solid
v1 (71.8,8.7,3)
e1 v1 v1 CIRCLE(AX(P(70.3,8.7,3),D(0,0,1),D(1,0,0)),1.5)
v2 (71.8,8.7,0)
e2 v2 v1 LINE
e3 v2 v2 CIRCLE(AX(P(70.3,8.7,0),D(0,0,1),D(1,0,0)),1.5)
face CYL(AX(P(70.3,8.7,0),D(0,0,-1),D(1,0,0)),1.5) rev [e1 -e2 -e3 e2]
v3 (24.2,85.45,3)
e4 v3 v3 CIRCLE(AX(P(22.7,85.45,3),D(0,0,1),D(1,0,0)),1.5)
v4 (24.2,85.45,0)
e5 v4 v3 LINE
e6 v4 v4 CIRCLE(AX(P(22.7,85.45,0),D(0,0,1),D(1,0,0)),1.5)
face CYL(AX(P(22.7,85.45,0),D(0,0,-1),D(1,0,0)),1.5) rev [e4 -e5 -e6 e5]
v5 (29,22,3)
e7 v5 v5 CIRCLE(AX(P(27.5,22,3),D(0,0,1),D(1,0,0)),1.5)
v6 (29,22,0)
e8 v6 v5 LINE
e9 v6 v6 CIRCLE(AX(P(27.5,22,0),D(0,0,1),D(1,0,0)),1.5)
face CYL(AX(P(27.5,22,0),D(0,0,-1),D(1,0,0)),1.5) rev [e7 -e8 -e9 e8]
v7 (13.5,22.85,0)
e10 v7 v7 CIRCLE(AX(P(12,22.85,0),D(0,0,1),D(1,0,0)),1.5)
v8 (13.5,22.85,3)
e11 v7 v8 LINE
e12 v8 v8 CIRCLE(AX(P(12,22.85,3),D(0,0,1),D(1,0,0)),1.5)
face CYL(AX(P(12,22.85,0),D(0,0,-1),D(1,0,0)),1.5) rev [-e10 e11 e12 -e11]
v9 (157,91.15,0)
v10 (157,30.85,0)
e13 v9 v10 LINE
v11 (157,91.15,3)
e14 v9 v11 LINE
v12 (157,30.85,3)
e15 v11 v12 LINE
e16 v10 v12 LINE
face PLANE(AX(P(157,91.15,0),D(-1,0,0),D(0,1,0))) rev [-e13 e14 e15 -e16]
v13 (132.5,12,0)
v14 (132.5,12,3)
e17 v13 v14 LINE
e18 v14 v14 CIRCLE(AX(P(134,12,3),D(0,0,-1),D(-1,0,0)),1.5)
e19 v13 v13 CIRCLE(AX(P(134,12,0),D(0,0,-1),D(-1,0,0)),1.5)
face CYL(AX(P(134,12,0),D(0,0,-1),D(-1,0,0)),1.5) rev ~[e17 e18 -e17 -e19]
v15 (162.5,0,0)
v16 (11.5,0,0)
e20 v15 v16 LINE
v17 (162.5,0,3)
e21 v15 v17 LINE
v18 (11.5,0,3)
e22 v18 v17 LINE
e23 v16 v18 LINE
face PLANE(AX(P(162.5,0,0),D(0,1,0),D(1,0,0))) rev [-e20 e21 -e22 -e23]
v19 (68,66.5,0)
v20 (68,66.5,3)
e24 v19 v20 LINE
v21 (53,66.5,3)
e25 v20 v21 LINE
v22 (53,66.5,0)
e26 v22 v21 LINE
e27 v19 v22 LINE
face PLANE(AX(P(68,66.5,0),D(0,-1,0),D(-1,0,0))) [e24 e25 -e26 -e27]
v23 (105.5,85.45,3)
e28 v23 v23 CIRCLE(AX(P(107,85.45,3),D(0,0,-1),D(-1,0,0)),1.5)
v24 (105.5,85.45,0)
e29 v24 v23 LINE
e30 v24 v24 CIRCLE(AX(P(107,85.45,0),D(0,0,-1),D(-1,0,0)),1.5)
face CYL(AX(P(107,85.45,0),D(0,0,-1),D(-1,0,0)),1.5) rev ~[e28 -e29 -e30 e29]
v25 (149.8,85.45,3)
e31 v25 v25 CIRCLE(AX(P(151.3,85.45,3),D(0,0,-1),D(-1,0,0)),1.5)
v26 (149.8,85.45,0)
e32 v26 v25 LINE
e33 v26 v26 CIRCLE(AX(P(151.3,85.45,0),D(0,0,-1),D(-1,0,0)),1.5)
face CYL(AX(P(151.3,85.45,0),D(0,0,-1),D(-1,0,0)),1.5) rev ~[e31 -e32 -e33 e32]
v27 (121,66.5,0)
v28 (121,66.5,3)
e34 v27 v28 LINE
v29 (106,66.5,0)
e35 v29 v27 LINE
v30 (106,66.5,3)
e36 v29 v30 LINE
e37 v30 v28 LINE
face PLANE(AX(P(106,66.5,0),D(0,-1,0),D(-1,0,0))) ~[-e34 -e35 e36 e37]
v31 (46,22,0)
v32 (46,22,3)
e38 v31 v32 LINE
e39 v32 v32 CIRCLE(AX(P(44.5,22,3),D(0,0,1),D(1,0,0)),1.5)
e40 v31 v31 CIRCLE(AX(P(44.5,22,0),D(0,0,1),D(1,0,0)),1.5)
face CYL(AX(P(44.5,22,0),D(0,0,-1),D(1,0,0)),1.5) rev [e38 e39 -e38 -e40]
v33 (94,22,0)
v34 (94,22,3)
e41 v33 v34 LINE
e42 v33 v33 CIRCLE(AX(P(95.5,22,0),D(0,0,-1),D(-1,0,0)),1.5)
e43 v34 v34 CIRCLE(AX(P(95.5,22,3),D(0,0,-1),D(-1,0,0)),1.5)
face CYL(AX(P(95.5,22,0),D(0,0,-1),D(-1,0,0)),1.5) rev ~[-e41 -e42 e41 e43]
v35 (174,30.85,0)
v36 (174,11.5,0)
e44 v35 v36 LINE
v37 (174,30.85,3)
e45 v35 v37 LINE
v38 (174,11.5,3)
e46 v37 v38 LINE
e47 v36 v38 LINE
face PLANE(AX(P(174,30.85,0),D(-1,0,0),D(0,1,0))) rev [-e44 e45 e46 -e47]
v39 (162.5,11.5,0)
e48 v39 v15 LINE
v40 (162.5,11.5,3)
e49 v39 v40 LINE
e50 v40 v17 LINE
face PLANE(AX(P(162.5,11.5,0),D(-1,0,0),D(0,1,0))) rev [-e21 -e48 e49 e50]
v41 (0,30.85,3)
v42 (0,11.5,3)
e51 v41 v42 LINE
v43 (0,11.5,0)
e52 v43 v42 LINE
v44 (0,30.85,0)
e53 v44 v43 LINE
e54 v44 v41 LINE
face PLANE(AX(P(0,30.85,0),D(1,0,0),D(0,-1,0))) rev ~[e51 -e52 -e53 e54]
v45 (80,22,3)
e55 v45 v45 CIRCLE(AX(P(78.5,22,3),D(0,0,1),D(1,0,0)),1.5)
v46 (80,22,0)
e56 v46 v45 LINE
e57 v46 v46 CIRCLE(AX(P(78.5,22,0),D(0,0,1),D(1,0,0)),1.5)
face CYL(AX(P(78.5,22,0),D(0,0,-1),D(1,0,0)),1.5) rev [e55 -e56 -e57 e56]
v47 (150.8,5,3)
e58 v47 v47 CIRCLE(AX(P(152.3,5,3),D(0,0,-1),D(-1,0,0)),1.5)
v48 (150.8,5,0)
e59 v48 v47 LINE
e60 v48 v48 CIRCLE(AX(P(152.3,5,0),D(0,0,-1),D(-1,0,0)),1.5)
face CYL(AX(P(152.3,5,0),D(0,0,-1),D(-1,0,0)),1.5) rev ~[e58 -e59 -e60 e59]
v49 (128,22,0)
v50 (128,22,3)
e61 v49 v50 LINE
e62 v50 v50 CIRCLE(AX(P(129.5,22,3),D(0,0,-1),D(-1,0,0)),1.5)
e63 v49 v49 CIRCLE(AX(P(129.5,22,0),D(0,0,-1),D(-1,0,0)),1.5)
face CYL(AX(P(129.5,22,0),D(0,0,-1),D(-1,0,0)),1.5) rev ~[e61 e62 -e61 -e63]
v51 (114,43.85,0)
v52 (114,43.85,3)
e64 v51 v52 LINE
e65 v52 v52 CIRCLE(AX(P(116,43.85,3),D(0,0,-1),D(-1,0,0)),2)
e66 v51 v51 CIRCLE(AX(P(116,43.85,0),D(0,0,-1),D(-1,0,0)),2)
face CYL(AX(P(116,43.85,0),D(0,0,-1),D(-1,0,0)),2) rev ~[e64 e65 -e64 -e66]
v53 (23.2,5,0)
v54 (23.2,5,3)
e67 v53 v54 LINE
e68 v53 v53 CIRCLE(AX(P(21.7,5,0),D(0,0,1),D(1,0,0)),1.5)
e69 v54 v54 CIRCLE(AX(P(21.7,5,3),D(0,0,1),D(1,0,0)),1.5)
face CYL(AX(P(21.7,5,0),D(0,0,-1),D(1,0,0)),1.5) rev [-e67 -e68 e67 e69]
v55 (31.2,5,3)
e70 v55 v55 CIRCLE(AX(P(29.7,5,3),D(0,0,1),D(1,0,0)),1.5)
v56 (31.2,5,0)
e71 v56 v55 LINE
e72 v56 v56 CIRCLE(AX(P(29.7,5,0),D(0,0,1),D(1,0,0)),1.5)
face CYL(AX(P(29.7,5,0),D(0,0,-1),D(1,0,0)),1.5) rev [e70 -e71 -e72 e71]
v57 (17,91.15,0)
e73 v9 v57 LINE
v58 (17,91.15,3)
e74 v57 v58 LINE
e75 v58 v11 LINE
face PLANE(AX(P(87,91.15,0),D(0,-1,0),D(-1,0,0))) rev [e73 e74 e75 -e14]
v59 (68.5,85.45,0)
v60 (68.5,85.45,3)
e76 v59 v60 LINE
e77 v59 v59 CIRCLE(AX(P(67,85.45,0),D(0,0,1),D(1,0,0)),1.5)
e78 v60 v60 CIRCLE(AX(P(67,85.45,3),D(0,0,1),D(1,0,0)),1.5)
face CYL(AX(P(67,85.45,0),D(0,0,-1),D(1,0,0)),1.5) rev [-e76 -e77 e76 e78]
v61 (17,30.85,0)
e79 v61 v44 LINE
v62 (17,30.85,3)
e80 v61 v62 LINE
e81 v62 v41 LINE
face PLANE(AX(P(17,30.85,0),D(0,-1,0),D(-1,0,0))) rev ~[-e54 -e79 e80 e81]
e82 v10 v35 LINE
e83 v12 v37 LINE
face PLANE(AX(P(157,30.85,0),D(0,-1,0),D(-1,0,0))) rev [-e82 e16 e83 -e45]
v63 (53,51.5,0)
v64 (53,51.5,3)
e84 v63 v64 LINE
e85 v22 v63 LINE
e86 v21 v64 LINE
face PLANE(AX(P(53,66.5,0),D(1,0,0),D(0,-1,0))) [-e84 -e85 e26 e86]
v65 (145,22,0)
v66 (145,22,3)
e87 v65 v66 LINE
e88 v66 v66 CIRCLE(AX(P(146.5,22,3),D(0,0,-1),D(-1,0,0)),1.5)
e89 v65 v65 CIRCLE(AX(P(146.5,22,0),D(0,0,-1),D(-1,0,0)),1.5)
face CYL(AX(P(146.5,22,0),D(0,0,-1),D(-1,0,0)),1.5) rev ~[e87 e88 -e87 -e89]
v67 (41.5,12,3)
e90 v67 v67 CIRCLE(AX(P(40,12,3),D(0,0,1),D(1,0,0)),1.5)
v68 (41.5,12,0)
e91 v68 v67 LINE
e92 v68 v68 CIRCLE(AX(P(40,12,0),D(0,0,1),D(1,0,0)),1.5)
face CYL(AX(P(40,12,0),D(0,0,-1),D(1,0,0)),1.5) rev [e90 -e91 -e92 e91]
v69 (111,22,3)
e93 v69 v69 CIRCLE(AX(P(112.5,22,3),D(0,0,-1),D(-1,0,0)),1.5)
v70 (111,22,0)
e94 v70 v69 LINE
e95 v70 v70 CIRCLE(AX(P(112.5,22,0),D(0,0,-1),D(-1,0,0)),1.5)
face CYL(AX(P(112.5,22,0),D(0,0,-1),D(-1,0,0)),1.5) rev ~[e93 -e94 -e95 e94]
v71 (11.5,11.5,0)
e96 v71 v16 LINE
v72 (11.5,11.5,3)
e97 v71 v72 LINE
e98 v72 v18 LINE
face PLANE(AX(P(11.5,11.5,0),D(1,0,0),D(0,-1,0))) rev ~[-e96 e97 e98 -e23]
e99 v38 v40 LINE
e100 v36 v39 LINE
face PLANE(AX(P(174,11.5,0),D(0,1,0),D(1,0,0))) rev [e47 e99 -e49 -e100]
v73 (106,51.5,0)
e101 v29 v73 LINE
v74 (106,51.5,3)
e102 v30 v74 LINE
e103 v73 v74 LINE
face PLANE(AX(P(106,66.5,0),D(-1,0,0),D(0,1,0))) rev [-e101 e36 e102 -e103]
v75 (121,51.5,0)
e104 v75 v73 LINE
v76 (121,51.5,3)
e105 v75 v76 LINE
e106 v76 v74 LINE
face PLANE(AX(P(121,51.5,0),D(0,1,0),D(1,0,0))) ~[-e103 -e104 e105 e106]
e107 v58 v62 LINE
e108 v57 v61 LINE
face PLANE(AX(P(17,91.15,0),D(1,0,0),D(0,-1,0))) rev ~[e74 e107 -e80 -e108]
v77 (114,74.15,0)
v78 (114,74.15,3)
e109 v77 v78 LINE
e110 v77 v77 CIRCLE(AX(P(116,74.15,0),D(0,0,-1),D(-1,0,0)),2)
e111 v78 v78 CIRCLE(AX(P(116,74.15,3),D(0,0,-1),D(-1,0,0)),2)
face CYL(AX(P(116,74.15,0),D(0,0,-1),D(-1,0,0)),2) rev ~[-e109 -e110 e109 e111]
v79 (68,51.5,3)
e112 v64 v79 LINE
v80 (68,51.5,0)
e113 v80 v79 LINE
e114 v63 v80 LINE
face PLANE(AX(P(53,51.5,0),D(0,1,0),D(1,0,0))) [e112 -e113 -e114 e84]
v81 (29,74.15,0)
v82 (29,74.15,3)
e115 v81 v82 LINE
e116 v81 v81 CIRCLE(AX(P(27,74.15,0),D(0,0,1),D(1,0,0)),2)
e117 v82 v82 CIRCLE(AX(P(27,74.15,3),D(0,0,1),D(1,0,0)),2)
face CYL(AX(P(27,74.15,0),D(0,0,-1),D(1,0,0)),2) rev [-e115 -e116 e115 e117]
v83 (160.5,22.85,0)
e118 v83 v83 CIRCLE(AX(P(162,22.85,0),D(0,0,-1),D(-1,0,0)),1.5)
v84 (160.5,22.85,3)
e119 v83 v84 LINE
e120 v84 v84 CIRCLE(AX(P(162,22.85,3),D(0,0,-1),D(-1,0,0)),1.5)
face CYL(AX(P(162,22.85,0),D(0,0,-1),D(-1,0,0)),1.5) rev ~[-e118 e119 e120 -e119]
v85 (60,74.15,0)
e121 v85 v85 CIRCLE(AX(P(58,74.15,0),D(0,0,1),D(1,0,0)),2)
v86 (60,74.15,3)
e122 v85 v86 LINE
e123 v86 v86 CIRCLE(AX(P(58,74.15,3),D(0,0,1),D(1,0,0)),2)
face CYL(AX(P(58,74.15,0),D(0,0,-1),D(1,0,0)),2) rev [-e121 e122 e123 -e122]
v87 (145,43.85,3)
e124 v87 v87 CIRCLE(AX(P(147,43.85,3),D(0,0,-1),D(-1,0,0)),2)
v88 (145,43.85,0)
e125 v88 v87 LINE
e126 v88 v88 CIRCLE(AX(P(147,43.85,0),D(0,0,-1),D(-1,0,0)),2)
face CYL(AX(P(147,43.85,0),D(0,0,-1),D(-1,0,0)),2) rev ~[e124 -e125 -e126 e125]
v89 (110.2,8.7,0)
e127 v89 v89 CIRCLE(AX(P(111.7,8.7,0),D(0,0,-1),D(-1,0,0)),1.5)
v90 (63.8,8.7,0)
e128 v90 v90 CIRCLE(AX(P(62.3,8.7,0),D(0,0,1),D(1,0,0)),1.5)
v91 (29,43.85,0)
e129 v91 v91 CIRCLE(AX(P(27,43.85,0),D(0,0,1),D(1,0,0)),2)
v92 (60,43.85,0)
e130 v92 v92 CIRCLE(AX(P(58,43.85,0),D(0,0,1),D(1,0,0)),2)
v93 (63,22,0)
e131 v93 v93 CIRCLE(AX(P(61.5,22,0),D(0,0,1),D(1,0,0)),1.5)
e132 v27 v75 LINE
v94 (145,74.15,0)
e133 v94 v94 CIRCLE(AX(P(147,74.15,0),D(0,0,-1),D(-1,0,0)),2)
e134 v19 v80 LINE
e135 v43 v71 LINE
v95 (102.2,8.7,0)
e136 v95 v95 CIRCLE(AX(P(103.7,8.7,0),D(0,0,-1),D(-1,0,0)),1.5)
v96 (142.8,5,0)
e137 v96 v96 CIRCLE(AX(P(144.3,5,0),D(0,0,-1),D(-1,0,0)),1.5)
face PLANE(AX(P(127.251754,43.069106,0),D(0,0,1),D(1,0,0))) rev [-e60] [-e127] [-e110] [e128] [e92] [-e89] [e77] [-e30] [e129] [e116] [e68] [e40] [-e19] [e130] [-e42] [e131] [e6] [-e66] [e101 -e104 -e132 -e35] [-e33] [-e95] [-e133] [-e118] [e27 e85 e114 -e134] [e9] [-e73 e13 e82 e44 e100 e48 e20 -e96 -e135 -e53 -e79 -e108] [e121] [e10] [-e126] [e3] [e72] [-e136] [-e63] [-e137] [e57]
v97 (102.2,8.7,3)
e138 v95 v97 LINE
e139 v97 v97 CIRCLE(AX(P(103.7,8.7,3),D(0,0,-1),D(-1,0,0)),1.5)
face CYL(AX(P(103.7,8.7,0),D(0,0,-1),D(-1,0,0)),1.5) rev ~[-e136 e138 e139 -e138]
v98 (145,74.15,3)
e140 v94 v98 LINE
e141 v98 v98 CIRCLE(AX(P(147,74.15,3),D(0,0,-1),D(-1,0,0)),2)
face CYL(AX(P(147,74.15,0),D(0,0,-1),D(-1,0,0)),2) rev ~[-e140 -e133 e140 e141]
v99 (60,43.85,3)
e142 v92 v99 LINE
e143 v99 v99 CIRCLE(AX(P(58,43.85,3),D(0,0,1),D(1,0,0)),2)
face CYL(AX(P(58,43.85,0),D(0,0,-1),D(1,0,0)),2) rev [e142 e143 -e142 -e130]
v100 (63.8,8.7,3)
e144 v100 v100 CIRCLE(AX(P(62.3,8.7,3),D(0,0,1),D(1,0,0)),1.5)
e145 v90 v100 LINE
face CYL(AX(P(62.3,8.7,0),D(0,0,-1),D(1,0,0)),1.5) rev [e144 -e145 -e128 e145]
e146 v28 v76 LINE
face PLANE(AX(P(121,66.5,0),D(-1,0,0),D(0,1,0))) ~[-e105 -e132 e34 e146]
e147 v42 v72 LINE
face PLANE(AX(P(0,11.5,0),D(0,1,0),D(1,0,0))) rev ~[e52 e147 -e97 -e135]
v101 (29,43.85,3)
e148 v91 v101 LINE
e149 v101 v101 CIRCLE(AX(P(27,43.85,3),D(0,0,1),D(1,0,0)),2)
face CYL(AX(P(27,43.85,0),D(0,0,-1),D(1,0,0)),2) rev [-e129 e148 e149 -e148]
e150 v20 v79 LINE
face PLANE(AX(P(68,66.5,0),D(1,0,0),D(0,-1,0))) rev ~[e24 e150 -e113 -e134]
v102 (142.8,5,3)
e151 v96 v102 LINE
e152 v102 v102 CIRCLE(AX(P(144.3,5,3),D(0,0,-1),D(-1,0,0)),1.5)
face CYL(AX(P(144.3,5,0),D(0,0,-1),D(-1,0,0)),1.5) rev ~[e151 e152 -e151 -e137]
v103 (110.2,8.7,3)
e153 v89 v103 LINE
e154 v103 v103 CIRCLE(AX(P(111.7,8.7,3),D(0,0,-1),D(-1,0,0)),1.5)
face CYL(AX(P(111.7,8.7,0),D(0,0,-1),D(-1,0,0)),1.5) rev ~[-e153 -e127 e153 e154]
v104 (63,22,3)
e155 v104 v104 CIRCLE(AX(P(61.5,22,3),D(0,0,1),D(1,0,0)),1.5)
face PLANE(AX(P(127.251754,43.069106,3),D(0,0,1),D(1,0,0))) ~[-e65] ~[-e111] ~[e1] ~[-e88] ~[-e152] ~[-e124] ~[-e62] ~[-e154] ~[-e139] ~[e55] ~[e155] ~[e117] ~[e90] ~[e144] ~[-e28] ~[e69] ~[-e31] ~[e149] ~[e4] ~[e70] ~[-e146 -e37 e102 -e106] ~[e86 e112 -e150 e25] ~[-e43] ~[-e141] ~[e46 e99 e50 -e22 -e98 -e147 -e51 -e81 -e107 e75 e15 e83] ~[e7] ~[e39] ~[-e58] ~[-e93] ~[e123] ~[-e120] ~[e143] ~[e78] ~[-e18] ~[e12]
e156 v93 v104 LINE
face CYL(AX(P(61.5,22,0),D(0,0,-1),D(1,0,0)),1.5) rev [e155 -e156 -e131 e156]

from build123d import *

# Parameters (mm, degrees)
SKETCH_R   = 2
SKETCH_R_2 = 1.5
PAD_DEPTH  = 3


with BuildPart() as part:
    # Sketch → Pad (new body)
    with BuildSketch(Plane.XY):
        Polygon((87, 0), (87, 91.15), (17, 91.15), (17, 30.85), (0, 30.85), (0, 11.5), (11.5, 11.5), (11.5, 0), align=None)
        with Locations((27, 74.15)):
            Circle(SKETCH_R, mode=Mode.SUBTRACT)
        with Locations((58, 74.15)):
            Circle(SKETCH_R, mode=Mode.SUBTRACT)
        with Locations((58, 43.85)):
            Circle(SKETCH_R, mode=Mode.SUBTRACT)
        with Locations((27, 43.85)):
            Circle(SKETCH_R, mode=Mode.SUBTRACT)
        with Locations((21.7, 5)):
            Circle(SKETCH_R_2, mode=Mode.SUBTRACT)
        with Locations((29.7, 5)):
            Circle(SKETCH_R_2, mode=Mode.SUBTRACT)
        with Locations((70.3, 8.7)):
            Circle(SKETCH_R_2, mode=Mode.SUBTRACT)
        with Locations((62.3, 8.7)):
            Circle(SKETCH_R_2, mode=Mode.SUBTRACT)
        with Locations((22.7, 85.45)):
            Circle(SKETCH_R_2, mode=Mode.SUBTRACT)
        with Locations((67, 85.45)):
            Circle(SKETCH_R_2, mode=Mode.SUBTRACT)
        with Locations((27.5, 22)):
            Circle(SKETCH_R_2, mode=Mode.SUBTRACT)
        with Locations((44.5, 22)):
            Circle(SKETCH_R_2, mode=Mode.SUBTRACT)
        with Locations((61.5, 22)):
            Circle(SKETCH_R_2, mode=Mode.SUBTRACT)
        with Locations((78.5, 22)):
            Circle(SKETCH_R_2, mode=Mode.SUBTRACT)
        with Locations((12, 22.85)):
            Circle(SKETCH_R_2, mode=Mode.SUBTRACT)
        with Locations((40, 12)):
            Circle(SKETCH_R_2, mode=Mode.SUBTRACT)
        Polygon((68, 59), (68, 66.5), (53, 66.5), (53, 51.5), (68, 51.5), align=None, mode=Mode.SUBTRACT)
    pad = extrude(amount=PAD_DEPTH)

    # Mirrored: Pad across face of Pad
    add(pad.mirror(Plane(origin=(87, 45.575, 1.5), x_dir=(0, 1, 0), z_dir=(1, 0, 0))))


solid = part.part
